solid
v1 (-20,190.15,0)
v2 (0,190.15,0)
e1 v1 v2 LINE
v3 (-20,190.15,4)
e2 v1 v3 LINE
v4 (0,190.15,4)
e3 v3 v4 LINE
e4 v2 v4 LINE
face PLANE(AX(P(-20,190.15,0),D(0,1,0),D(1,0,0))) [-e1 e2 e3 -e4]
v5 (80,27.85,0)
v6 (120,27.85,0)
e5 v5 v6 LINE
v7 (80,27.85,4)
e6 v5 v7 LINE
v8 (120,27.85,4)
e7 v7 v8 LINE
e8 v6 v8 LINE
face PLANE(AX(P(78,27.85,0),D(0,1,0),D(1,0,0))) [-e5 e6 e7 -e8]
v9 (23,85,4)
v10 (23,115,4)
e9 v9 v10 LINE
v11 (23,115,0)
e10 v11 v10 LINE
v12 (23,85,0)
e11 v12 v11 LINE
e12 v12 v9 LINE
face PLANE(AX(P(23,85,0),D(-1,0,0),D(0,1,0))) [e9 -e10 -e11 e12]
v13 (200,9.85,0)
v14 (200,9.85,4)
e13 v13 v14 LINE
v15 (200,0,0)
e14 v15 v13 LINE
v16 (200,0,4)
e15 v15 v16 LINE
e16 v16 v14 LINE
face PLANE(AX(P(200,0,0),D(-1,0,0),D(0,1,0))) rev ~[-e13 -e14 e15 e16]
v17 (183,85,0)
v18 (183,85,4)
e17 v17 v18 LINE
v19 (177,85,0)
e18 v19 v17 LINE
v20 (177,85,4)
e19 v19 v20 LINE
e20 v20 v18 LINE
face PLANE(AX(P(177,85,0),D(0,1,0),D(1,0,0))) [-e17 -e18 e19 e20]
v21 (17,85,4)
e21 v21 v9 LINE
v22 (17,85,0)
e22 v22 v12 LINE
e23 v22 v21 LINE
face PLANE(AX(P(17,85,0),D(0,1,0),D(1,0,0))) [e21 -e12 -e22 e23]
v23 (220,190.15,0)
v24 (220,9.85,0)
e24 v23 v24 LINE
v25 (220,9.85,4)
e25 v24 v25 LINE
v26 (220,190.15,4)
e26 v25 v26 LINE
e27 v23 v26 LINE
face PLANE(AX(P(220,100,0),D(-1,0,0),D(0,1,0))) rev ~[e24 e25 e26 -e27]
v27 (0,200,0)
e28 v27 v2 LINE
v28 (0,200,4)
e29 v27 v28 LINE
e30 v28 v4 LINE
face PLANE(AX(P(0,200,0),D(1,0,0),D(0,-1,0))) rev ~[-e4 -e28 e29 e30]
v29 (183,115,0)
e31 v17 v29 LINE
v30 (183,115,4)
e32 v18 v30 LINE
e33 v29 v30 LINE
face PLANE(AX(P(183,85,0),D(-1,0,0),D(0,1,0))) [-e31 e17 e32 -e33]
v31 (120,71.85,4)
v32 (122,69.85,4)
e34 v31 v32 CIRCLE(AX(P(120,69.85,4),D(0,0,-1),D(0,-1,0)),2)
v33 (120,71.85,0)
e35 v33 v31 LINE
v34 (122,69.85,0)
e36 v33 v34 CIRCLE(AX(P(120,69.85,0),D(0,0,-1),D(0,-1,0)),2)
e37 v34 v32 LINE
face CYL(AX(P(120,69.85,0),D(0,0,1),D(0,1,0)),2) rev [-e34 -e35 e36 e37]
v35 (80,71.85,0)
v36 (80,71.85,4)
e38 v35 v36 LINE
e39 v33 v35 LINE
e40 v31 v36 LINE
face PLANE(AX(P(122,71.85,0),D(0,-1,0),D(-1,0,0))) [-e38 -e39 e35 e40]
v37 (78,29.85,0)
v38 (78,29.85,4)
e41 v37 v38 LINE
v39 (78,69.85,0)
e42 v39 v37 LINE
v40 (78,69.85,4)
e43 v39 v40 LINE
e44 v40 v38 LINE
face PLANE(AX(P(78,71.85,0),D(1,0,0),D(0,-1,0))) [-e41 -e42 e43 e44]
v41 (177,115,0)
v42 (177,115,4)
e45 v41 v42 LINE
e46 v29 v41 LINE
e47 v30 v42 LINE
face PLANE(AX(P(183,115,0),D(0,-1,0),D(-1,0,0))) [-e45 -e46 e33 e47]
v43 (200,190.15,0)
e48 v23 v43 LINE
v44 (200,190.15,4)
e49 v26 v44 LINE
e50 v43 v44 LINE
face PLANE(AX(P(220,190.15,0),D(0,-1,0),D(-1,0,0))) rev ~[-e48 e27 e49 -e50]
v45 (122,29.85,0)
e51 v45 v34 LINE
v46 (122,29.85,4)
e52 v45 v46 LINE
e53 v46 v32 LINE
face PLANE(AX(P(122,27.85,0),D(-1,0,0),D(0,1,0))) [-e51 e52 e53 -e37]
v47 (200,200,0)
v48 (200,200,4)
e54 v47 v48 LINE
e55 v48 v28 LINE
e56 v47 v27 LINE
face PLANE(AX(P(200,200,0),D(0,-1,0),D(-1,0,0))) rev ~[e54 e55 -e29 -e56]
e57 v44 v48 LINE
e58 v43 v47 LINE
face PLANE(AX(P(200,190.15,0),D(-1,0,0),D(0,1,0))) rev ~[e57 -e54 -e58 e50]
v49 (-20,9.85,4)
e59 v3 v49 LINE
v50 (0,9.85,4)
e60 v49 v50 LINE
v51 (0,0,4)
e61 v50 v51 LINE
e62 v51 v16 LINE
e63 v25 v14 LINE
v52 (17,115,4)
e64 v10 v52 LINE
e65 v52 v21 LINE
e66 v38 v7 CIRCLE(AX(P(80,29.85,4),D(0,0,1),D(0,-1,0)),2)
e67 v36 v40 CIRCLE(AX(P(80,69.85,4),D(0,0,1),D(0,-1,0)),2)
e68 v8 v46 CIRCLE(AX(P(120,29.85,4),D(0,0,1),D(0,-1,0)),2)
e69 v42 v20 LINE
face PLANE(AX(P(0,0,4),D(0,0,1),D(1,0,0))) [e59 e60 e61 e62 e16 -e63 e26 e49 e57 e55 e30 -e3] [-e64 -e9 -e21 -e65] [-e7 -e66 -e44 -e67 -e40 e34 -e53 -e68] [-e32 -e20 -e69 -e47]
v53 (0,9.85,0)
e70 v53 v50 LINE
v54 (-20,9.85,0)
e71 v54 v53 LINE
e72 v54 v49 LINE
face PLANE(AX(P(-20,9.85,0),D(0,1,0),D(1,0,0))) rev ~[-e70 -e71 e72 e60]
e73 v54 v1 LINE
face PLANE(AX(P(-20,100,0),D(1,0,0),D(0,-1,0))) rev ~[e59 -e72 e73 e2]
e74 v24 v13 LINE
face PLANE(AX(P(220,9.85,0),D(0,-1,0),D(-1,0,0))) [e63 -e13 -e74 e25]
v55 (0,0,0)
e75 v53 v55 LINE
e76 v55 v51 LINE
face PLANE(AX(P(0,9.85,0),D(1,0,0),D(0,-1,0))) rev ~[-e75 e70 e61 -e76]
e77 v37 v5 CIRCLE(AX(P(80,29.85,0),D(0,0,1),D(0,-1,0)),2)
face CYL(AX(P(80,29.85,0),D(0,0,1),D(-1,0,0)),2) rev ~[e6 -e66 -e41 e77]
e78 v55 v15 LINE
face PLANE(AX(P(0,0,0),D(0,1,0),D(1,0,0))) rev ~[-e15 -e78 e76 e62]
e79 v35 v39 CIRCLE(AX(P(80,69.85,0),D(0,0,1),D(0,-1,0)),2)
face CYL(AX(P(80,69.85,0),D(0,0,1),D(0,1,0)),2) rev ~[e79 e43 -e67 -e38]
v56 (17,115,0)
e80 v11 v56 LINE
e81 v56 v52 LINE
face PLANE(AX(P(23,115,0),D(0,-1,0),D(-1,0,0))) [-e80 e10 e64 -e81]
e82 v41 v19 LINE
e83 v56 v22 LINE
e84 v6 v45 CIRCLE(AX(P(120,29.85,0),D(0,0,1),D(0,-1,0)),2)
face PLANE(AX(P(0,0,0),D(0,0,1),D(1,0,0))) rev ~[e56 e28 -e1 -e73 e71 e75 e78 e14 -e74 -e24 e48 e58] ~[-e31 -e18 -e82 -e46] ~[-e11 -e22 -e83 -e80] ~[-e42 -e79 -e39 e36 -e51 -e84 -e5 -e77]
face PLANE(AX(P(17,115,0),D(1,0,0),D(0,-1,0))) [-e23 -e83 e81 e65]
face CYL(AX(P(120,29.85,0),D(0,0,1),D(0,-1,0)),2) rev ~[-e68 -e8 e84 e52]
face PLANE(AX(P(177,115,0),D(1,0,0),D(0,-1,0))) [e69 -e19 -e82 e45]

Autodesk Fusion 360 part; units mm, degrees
sketch "Schizzo1" plane through (0, 0, 0) normal (0, 0, 1) x (1, 0, 0)
  line L0 (0, 0) -> (200, 0)
  line L1 (200, 0) -> (200, 200)
  line L2 (200, 200) -> (0, 200)
  line L3 (0, 200) -> (0, 0)
  line L4 (0, 100) -> (200, 100) construction
  line L5 (200, 100) -> (220, 100) construction
  line L6 (0, 100) -> (-20, 100) construction
  line L7 (220, 100) -> (220, 190.15)
  line L8 (220, 190.15) -> (200, 190.15)
  line L9 (220, 100) -> (220, 9.85)
  line L10 (220, 9.85) -> (200, 9.85)
  line L11 (-20, 100) -> (-20, 190.15)
  line L12 (-20, 190.15) -> (0, 190.15)
  line L13 (-20, 100) -> (-20, 9.85)
  line L14 (-20, 9.85) -> (0, 9.85)
  line L15 (0, 190.15) -> (200, 190.15) construction
  line L16 (200, 9.85) -> (0, 9.85) construction
  line L17 (0, 49.85) -> (200, 49.85) construction
  line L18 (122, 71.85) -> (78, 71.85)
  line L19 (78, 71.85) -> (78, 27.85)
  line L20 (78, 27.85) -> (122, 27.85)
  line L21 (122, 27.85) -> (122, 71.85)
  line L22 (122, 71.85) -> (78, 27.85) construction
  line L23 (78, 71.85) -> (122, 27.85) construction
  line L24 (23, 115) -> (17, 115)
  line L25 (17, 115) -> (17, 85)
  line L26 (17, 85) -> (23, 85)
  line L27 (23, 85) -> (23, 115)
  line L28 (23, 115) -> (17, 85) construction
  line L29 (17, 115) -> (23, 85) construction
  line L30 (183, 115) -> (177, 115)
  line L31 (177, 115) -> (177, 85)
  line L32 (177, 85) -> (183, 85)
  line L33 (183, 85) -> (183, 115)
  line L34 (183, 115) -> (177, 85) construction
  line L35 (177, 115) -> (183, 85) construction
  point P0 (100, 49.85)
  point P1 (20, 100)
  point P2 (180, 100)
  dimension "d1" = 200
  dimension "d2" = 200
  dimension "d3" = 180.3
  dimension "d4" = 20
  dimension "d10" = 40
  dimension "d11" = 44
  dimension "d12" = 44
  dimension "d15" = 20
  dimension "d16" = 20
  dimension "d17" = 30
  dimension "d18" = 6
  dimension "d19" = 6
  dimension "d20" = 30
extrude "Estrusione1" add sketch "Schizzo1" along normal blind 4
fillet "Raccordo1" radius 2 4 edges at (122, 27.85, 2) (78, 27.85, 2) (78, 71.85, 2) (122, 71.85, 2)
component "Component" placed x (1, 0, 0) y (0, 1, 0) z (0, 0, 1) at (0, 0, 0)
equation "d3 = 180 mm + 2 * t"
equation "h = 4 mm"
equation "t = 0.15 mm"
equation "d7 = h"
